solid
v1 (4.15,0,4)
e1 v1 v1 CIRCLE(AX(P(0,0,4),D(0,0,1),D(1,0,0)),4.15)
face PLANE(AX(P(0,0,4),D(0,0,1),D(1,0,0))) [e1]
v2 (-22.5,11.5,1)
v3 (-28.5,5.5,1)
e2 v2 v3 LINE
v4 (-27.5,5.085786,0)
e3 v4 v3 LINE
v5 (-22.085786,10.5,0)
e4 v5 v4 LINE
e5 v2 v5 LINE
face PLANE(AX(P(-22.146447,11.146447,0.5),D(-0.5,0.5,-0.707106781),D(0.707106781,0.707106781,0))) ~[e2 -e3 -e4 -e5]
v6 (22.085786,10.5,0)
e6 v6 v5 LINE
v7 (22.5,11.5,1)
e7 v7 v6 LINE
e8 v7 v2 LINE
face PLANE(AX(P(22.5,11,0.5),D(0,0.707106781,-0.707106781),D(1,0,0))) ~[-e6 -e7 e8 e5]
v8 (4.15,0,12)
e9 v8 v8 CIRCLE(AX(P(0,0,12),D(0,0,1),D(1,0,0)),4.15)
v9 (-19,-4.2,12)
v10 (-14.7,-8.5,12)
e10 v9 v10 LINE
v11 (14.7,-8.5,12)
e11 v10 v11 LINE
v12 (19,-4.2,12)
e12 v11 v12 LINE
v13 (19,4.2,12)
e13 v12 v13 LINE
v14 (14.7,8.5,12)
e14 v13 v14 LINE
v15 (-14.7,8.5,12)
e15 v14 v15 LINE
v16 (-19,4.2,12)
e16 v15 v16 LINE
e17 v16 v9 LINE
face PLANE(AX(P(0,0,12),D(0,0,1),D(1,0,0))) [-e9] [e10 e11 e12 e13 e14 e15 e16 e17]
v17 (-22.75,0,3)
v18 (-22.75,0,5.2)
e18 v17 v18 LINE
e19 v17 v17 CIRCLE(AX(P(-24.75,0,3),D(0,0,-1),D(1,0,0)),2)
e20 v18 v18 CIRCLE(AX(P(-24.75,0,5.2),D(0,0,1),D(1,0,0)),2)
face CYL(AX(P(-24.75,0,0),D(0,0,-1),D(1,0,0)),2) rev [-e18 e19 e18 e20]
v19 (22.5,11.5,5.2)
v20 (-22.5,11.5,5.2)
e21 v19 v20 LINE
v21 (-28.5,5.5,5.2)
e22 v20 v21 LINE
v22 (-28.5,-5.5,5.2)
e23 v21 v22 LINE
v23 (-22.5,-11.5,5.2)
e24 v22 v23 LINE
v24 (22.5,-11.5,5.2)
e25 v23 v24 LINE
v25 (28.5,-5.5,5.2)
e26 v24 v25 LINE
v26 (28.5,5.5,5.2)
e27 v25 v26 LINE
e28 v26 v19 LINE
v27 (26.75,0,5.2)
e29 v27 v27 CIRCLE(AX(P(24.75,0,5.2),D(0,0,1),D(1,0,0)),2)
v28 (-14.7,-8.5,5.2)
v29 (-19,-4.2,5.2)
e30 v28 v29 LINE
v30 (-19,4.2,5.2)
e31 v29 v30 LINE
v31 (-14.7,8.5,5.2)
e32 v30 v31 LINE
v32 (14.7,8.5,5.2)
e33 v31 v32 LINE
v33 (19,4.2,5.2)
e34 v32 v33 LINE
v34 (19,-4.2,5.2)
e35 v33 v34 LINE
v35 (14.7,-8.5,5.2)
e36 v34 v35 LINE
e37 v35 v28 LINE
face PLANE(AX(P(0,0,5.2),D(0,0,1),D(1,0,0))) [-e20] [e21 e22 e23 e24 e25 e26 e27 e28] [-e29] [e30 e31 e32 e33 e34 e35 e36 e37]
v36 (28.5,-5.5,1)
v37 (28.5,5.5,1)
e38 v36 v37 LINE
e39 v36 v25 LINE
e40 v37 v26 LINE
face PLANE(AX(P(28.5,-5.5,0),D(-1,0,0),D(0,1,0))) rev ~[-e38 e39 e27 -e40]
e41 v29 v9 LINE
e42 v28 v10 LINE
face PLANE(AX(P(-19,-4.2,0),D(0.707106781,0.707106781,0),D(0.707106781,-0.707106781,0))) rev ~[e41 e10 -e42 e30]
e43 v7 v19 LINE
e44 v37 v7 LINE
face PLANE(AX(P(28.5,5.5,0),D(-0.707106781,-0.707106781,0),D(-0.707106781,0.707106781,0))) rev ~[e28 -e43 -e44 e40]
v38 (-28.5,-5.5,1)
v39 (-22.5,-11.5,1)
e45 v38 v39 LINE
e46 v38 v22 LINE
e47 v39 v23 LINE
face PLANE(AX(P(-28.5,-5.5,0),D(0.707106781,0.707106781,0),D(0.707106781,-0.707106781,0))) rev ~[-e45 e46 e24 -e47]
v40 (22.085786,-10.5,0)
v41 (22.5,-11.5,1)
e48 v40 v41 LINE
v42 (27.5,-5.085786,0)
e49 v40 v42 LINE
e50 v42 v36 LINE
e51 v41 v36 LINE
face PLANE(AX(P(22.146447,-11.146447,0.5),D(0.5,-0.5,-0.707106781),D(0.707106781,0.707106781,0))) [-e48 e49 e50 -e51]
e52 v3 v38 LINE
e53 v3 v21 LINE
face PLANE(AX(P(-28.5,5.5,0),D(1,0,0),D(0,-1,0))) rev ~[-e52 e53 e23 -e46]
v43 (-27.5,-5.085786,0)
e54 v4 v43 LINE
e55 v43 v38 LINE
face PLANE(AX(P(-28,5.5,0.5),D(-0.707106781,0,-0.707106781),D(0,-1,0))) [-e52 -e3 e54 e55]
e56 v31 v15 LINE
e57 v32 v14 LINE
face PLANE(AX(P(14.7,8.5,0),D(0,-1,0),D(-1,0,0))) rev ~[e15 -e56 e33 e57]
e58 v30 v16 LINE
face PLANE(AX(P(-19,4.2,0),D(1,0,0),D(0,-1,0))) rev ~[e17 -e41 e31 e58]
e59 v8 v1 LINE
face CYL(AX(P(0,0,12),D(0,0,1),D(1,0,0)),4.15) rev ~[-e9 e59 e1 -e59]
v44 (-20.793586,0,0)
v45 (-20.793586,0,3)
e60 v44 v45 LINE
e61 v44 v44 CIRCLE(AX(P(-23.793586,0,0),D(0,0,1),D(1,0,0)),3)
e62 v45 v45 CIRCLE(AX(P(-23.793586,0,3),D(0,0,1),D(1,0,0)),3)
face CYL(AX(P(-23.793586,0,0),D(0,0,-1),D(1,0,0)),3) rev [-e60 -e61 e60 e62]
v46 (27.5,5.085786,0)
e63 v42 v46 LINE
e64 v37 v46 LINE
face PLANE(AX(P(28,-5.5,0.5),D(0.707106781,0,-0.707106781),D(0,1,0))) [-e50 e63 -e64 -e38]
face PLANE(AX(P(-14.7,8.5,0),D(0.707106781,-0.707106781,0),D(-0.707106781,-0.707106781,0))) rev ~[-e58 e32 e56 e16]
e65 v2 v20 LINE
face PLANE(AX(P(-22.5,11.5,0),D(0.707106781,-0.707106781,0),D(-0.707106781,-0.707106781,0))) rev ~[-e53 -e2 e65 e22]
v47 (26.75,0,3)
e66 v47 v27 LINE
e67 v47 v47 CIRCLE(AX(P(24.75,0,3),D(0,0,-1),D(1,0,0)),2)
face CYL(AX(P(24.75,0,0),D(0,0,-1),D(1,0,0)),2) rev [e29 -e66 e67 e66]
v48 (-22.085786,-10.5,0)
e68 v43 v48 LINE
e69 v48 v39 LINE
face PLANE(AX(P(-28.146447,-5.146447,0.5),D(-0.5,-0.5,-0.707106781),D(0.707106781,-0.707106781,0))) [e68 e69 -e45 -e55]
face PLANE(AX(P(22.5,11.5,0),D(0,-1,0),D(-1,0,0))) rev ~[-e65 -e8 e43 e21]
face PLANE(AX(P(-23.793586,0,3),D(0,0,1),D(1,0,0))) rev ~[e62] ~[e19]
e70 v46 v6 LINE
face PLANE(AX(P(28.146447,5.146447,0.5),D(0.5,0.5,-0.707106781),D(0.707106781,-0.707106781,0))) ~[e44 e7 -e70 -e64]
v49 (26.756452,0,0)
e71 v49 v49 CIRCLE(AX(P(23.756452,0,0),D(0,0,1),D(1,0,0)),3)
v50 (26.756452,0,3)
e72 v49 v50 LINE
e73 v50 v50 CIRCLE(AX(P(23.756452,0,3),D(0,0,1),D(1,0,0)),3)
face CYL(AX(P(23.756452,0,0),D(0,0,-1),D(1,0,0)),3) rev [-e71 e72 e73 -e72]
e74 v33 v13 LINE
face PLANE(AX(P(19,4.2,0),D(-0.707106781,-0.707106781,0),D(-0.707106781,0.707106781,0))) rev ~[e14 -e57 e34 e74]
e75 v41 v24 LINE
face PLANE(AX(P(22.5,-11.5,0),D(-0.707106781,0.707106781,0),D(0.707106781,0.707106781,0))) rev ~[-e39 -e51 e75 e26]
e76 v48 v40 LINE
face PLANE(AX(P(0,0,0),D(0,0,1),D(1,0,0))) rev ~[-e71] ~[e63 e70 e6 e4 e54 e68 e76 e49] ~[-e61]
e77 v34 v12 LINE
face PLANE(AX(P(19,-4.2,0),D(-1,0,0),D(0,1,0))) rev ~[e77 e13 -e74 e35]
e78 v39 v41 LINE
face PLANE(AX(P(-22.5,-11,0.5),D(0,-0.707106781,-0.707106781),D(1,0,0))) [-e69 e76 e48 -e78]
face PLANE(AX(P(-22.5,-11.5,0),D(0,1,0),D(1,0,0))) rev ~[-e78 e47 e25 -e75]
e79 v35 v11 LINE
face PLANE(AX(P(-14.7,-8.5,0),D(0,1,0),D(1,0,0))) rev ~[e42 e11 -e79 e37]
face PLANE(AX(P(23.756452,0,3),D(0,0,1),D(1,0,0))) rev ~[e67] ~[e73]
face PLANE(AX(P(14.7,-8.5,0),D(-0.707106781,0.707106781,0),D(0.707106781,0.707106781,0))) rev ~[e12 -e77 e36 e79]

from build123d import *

# Parameters (mm, degrees)
F1_DEPTH = 12
F0_R     = 2
F2_DEPTH = 5.2
F3_SIZE  = 1
F4_R     = 4.15
F5_DEPTH = 8
F6_R     = 3
F7_DEPTH = 3


with BuildPart() as f1:
    # F0 (on Top) → F1 (new body)
    with BuildSketch(Plane.XY):
        Polygon((14.7, 8.5), (-14.7, 8.5), (-19, 4.2), (-19, -4.2), (-14.7, -8.5), (14.7, -8.5), (19, -4.2), (19, 4.2), align=None)
    extrude(amount=F1_DEPTH)

    # F0 (on Top) → F2 (join)
    with BuildSketch(Plane.XY):
        Polygon((22.5, 11.5), (-22.5, 11.5), (-28.5, 5.5), (-28.5, -5.5), (-22.5, -11.5), (22.5, -11.5), (28.5, -5.5), (28.5, 5.5), align=None)
        with Locations((-24.75, 0)):
            Circle(F0_R, mode=Mode.SUBTRACT)
        Polygon((-19, 4.2), (-14.7, 8.5), (14.7, 8.5), (19, 4.2), (19, -4.2), (14.7, -8.5), (-14.7, -8.5), (-19, -4.2), align=None, mode=Mode.SUBTRACT)
        with Locations((24.75, 0)):
            Circle(F0_R, mode=Mode.SUBTRACT)
    extrude(amount=F2_DEPTH)

    # F3
    f3_edges = [f1.edges().sort_by_distance(p)[0] for p in [
        (0, -11.5, 0),
        (-25.5, -8.5, 0),
        (-28.5, 0, 0),
        (-25.5, 8.5, 0),
        (0, 11.5, 0),
        (25.5, 8.5, 0),
        (28.5, 0, 0),
        (25.5, -8.5, 0),
    ]]
    chamfer(f3_edges, length=F3_SIZE)

    # F4 (on face) → F5 (cut)
    with BuildSketch(Plane.XY.offset(12)):
        Circle(F4_R)
    extrude(amount=-F5_DEPTH, mode=Mode.SUBTRACT)

    # F6 (on Top) → F7 (cut)
    with BuildSketch(Plane.XY):
        with Locations((-23.793586, 0)):
            Circle(F6_R)
        with Locations((23.756452, 0)):
            Circle(F6_R)
    extrude(amount=F7_DEPTH, mode=Mode.SUBTRACT)


solid = f1.part
